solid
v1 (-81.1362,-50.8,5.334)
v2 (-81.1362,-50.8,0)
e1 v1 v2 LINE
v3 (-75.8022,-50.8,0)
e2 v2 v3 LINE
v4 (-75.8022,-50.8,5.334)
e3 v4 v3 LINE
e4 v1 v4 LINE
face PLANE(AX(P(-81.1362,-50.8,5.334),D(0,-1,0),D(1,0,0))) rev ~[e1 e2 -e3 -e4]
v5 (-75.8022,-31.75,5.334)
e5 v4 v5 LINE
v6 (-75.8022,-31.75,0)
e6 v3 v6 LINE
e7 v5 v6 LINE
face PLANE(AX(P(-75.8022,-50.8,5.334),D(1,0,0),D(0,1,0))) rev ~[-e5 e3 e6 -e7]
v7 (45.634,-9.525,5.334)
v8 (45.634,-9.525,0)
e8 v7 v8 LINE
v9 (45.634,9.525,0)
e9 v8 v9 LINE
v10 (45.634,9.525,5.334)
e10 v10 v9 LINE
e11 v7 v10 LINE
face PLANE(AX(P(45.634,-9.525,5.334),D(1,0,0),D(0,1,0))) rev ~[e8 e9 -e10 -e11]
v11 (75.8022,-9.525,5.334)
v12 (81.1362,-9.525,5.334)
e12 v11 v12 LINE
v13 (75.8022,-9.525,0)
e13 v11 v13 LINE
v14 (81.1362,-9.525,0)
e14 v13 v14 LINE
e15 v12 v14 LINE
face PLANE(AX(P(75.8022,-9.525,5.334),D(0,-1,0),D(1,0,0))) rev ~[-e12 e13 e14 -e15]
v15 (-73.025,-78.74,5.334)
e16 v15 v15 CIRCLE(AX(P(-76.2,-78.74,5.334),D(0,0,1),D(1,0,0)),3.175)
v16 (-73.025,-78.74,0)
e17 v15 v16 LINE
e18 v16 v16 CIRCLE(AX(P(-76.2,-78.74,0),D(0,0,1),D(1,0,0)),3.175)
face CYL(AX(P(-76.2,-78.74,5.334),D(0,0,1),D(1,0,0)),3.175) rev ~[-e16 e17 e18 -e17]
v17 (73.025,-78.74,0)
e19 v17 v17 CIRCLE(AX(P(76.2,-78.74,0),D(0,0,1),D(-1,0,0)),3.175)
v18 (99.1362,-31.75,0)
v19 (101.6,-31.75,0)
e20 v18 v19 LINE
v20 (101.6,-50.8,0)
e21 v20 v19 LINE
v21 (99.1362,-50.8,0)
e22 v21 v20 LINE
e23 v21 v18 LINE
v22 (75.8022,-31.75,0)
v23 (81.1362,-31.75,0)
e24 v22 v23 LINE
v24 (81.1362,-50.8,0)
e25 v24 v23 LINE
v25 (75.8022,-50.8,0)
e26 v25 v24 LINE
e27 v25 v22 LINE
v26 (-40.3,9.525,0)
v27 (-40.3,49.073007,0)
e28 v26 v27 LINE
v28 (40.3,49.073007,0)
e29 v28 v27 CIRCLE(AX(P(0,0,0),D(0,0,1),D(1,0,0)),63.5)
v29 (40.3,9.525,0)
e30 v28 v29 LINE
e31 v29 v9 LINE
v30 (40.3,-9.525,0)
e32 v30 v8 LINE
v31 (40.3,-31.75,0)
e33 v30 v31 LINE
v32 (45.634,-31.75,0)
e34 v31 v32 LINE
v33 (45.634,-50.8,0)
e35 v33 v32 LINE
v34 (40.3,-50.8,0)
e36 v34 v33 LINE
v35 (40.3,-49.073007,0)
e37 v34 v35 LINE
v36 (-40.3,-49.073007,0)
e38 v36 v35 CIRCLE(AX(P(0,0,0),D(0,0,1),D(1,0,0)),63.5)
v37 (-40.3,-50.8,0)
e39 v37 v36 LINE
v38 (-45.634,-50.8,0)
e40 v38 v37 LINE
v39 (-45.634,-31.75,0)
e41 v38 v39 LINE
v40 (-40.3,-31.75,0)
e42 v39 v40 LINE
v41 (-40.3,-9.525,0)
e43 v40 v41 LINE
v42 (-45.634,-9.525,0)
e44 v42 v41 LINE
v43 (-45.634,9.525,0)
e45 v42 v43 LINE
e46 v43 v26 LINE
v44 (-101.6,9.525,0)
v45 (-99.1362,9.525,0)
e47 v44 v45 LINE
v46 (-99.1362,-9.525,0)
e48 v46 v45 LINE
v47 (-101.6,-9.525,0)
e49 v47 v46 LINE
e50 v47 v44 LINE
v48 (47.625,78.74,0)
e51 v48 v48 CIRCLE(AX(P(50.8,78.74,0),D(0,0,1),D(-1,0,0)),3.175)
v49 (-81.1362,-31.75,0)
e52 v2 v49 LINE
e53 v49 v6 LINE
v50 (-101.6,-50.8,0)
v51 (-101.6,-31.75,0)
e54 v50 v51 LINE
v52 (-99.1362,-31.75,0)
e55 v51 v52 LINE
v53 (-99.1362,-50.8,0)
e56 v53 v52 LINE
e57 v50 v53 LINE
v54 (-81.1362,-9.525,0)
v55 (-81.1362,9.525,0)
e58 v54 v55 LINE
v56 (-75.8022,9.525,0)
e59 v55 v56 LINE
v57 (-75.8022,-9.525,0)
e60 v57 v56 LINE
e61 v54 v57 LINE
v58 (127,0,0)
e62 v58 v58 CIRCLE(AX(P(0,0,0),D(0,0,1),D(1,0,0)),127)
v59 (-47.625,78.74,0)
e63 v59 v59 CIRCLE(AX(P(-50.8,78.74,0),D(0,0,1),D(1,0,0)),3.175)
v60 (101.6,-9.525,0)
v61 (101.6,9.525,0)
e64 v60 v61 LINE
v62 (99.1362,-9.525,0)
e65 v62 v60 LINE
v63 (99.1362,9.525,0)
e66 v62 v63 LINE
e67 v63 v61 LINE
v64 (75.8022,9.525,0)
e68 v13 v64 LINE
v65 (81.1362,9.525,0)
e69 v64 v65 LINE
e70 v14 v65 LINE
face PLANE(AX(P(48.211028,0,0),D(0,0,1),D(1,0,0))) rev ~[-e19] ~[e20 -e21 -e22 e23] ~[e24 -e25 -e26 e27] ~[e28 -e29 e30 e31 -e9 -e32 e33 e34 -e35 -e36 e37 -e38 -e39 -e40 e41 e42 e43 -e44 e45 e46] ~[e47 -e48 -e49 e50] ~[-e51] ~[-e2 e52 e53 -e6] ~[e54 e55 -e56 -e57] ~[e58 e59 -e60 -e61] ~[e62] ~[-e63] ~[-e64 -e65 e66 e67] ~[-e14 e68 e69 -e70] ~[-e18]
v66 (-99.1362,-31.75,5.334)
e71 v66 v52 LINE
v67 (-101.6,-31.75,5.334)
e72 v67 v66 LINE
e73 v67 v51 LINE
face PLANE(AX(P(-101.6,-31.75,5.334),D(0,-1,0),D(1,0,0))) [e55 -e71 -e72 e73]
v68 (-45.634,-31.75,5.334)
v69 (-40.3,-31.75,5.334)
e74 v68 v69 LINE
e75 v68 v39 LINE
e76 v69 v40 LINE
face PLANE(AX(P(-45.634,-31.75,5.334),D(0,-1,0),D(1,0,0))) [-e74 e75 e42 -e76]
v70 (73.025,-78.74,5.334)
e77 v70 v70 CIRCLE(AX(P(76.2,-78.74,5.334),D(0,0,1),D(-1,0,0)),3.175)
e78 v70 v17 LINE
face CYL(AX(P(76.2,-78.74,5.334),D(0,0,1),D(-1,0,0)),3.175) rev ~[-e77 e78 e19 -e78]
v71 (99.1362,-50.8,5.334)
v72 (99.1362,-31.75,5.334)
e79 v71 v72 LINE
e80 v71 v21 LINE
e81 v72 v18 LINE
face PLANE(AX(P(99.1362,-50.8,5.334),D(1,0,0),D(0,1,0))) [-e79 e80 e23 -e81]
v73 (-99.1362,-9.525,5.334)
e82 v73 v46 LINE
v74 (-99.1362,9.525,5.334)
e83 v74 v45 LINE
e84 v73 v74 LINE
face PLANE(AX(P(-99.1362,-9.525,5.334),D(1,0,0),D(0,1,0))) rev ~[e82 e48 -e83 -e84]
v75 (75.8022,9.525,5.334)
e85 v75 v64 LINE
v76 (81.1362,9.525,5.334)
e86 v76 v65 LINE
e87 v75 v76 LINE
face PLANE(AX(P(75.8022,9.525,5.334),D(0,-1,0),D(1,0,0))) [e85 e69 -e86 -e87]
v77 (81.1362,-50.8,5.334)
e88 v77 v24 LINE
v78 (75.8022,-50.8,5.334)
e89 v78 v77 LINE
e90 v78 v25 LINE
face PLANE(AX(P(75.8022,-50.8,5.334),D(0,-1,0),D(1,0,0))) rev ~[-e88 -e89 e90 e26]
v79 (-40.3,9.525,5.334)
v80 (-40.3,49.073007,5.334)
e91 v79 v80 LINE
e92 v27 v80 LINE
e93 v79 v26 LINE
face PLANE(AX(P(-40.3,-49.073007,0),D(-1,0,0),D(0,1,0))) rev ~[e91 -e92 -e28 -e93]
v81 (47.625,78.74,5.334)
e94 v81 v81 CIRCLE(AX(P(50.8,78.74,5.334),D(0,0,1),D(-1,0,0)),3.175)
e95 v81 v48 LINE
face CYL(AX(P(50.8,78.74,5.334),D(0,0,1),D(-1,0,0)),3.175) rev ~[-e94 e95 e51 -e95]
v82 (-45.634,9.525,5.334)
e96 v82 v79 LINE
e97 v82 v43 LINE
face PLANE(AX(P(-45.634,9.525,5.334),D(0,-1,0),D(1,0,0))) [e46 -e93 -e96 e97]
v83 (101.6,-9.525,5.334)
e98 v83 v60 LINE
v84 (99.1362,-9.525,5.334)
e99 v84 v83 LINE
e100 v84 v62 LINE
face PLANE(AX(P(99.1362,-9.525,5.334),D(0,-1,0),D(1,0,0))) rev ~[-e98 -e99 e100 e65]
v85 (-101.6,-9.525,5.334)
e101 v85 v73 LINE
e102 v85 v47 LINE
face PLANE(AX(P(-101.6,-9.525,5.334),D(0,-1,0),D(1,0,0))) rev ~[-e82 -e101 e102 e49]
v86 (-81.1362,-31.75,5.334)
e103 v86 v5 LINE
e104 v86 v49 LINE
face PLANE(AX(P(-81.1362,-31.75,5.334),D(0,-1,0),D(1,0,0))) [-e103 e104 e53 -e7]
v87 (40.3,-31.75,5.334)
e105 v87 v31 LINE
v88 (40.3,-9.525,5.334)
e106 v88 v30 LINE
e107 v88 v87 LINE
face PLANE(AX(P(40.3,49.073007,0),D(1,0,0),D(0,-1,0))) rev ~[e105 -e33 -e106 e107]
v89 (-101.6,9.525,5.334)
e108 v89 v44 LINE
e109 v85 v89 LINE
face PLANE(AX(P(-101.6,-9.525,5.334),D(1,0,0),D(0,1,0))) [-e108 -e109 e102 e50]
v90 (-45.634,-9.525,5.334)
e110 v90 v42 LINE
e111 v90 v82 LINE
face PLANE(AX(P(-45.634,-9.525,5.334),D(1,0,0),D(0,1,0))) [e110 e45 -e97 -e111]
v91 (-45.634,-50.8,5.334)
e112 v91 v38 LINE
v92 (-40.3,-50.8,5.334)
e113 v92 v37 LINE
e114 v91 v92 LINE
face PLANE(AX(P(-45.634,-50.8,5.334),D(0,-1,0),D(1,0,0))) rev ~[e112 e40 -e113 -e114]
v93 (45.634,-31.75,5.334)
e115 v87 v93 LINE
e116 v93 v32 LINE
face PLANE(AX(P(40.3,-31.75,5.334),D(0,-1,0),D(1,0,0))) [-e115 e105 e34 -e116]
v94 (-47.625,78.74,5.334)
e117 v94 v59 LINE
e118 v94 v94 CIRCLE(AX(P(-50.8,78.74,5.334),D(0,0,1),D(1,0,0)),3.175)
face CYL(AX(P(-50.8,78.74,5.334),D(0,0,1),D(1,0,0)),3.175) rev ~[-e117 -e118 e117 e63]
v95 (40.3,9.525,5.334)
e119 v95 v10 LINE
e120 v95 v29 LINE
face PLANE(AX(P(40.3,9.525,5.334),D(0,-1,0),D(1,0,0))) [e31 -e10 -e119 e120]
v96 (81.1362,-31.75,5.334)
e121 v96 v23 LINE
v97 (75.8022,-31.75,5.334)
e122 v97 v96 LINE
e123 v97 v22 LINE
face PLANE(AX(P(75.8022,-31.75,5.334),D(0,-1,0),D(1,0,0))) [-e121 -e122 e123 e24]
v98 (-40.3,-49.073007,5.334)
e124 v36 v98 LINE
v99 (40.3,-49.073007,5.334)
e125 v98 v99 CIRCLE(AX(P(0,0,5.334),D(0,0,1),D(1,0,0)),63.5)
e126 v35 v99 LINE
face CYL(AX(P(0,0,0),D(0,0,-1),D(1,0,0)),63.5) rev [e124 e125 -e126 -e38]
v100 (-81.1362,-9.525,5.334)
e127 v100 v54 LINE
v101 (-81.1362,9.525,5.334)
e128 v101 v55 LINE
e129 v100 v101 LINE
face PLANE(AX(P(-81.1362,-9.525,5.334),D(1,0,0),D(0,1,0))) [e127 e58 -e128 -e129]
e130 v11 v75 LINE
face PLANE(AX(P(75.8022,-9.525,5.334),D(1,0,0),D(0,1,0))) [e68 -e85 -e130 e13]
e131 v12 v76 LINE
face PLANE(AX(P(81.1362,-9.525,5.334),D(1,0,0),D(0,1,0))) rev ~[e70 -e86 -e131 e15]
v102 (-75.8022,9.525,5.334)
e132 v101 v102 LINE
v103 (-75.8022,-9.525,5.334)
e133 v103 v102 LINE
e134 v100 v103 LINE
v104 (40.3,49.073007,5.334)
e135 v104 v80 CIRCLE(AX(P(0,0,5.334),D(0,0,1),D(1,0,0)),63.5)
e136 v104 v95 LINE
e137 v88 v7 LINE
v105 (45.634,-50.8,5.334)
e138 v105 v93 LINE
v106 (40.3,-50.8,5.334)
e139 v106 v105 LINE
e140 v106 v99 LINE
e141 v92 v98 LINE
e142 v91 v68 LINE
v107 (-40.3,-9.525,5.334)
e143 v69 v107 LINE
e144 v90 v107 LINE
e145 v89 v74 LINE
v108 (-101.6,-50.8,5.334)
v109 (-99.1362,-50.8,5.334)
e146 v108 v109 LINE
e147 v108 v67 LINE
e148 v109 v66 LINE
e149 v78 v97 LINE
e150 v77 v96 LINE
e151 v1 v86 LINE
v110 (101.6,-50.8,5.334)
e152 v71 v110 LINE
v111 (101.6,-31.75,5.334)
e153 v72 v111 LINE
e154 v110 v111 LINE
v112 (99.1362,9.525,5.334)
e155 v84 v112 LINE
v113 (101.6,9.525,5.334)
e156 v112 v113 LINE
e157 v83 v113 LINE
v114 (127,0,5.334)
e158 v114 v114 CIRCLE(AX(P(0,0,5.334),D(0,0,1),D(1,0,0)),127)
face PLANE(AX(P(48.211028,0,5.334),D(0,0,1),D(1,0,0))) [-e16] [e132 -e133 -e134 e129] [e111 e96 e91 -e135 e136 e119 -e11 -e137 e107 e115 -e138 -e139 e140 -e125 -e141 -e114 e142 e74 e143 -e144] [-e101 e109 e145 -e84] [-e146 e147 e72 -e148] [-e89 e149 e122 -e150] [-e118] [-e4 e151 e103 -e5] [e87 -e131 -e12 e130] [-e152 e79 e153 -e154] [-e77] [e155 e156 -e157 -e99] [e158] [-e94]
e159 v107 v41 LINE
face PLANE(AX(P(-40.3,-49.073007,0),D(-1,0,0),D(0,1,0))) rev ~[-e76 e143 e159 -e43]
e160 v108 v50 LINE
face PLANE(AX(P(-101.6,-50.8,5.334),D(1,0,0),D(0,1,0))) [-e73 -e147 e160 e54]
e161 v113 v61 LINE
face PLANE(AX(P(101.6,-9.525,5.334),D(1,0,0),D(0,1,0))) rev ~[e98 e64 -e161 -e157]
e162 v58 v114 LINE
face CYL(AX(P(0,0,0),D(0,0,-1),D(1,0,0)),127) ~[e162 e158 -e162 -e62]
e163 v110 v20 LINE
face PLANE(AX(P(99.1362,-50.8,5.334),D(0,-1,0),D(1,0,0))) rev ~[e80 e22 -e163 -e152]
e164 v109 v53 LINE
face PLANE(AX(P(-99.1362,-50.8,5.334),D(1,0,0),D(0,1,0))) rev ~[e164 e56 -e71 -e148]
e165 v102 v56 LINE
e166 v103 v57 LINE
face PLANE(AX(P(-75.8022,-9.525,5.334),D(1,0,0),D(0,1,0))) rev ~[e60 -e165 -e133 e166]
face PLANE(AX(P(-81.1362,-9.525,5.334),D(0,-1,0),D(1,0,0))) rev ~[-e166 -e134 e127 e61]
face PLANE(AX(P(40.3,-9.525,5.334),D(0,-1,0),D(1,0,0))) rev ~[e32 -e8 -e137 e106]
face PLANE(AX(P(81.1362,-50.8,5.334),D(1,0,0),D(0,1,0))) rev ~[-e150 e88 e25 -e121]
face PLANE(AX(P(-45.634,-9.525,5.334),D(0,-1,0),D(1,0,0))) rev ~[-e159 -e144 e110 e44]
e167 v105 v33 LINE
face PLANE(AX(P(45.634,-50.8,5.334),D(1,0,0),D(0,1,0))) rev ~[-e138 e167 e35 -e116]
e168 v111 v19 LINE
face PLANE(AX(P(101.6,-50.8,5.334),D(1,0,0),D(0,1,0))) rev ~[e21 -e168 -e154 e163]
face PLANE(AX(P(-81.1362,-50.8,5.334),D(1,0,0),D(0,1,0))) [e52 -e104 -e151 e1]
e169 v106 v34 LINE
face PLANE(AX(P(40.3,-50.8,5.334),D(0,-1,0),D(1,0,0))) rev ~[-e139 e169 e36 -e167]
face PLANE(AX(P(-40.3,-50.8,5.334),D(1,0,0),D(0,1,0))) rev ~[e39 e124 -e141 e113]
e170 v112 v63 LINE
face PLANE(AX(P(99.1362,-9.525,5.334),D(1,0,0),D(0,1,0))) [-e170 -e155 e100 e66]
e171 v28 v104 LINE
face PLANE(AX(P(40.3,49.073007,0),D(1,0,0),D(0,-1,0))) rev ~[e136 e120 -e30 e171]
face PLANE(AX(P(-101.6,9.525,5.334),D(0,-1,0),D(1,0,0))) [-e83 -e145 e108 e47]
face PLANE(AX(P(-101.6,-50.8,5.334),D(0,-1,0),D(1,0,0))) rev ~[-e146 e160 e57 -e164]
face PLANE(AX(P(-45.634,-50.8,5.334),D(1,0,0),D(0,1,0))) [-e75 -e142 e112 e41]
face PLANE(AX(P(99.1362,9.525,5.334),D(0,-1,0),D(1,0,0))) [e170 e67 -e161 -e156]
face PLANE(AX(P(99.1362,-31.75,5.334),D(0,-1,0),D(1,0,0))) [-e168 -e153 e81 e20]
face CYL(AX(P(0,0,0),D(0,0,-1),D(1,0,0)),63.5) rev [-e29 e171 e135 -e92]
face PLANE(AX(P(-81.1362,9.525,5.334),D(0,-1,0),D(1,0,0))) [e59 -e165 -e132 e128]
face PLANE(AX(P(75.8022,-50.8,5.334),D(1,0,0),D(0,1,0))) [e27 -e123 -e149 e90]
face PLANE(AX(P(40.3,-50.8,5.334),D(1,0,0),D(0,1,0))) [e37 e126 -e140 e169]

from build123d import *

# Parameters (mm, degrees)
SKETCH1_R           = 127
SKETCH1_R_2         = 63.5
BOSS_EXTRUDE1_DEPTH = 5.334
SKETCH14_R          = 3.175
BOLTHOLES_DEPTH     = 180.684310823
SKETCH15_W          = 2.4638
SKETCH15_H          = 19.05
SKETCH15_W_2        = 5.334
MOTORMOUNTS_DEPTH   = 180.684310823


with BuildPart() as part:
    # Sketch1 → Boss-Extrude1 (new body)
    # profile 1 of 3: a face of its own
    with BuildSketch(Plane.XY):
        Circle(SKETCH1_R)
        Circle(SKETCH1_R_2, mode=Mode.SUBTRACT)
    # profile 2 of 3: a face of its own
    with BuildSketch(Plane.XY):
        with BuildLine():
            Line((-40.299999918, -49.073006904), (-40.299999918, 49.073006904))
            ThreePointArc((-40.299999918, 49.073006904), (-63.5, 0), (-40.299999918, -49.073006904))
        make_face()
    # profile 3 of 3: a face of its own
    with BuildSketch(Plane.XY):
        with BuildLine():
            ThreePointArc((63.5, 0), (57.407752067, 27.140375874), (40.299999918, 49.073006904))
            Line((40.299999918, 49.073006904), (40.299999918, -49.073006904))
            ThreePointArc((40.299999918, -49.073006904), (57.407752067, -27.140375874), (63.5, 0))
        make_face()
    extrude(amount=BOSS_EXTRUDE1_DEPTH)

    # Sketch14 → BoltHoles (cut, through all)
    with BuildSketch(Plane.XY.offset(5.334)):
        with Locations((-76.2, -78.74)):
            Circle(SKETCH14_R)
        with Locations((-50.8, 78.74)):
            Circle(SKETCH14_R)
        with Locations(Location((76.2, -78.74, 0), (0, 0, 180))):
            Circle(SKETCH14_R)
        with Locations(Location((50.8, 78.74, 0), (0, 0, 180))):
            Circle(SKETCH14_R)
    extrude(amount=-BOLTHOLES_DEPTH, mode=Mode.SUBTRACT)

    # Sketch15 → MotorMounts (cut, through all)
    with BuildSketch(Plane.XY.offset(5.334)):
        with Locations((-100.3681, -41.275)):
            Rectangle(SKETCH15_W, SKETCH15_H)
        with Locations((-100.3681, 0)):
            Rectangle(SKETCH15_W, SKETCH15_H)
        with Locations((-78.469199932, -41.275)):
            Rectangle(SKETCH15_W_2, SKETCH15_H)
        with Locations((-42.966999918, -41.275)):
            Rectangle(SKETCH15_W_2, SKETCH15_H)
        with Locations((-78.469199932, 0)):
            Rectangle(SKETCH15_W_2, SKETCH15_H)
        with Locations((42.966999918, 0)):
            Rectangle(SKETCH15_W_2, SKETCH15_H)
        with Locations((42.966999918, -41.275)):
            Rectangle(SKETCH15_W_2, SKETCH15_H)
        with Locations((78.469199932, 0)):
            Rectangle(SKETCH15_W_2, SKETCH15_H)
        with Locations((100.3681, 0)):
            Rectangle(SKETCH15_W, SKETCH15_H)
        with Locations((-42.966999918, 0)):
            Rectangle(SKETCH15_W_2, SKETCH15_H)
        with Locations((78.469199932, -41.275)):
            Rectangle(SKETCH15_W_2, SKETCH15_H)
        with Locations((100.3681, -41.275)):
            Rectangle(SKETCH15_W, SKETCH15_H)
    extrude(amount=-MOTORMOUNTS_DEPTH, mode=Mode.SUBTRACT)


solid = part.part
